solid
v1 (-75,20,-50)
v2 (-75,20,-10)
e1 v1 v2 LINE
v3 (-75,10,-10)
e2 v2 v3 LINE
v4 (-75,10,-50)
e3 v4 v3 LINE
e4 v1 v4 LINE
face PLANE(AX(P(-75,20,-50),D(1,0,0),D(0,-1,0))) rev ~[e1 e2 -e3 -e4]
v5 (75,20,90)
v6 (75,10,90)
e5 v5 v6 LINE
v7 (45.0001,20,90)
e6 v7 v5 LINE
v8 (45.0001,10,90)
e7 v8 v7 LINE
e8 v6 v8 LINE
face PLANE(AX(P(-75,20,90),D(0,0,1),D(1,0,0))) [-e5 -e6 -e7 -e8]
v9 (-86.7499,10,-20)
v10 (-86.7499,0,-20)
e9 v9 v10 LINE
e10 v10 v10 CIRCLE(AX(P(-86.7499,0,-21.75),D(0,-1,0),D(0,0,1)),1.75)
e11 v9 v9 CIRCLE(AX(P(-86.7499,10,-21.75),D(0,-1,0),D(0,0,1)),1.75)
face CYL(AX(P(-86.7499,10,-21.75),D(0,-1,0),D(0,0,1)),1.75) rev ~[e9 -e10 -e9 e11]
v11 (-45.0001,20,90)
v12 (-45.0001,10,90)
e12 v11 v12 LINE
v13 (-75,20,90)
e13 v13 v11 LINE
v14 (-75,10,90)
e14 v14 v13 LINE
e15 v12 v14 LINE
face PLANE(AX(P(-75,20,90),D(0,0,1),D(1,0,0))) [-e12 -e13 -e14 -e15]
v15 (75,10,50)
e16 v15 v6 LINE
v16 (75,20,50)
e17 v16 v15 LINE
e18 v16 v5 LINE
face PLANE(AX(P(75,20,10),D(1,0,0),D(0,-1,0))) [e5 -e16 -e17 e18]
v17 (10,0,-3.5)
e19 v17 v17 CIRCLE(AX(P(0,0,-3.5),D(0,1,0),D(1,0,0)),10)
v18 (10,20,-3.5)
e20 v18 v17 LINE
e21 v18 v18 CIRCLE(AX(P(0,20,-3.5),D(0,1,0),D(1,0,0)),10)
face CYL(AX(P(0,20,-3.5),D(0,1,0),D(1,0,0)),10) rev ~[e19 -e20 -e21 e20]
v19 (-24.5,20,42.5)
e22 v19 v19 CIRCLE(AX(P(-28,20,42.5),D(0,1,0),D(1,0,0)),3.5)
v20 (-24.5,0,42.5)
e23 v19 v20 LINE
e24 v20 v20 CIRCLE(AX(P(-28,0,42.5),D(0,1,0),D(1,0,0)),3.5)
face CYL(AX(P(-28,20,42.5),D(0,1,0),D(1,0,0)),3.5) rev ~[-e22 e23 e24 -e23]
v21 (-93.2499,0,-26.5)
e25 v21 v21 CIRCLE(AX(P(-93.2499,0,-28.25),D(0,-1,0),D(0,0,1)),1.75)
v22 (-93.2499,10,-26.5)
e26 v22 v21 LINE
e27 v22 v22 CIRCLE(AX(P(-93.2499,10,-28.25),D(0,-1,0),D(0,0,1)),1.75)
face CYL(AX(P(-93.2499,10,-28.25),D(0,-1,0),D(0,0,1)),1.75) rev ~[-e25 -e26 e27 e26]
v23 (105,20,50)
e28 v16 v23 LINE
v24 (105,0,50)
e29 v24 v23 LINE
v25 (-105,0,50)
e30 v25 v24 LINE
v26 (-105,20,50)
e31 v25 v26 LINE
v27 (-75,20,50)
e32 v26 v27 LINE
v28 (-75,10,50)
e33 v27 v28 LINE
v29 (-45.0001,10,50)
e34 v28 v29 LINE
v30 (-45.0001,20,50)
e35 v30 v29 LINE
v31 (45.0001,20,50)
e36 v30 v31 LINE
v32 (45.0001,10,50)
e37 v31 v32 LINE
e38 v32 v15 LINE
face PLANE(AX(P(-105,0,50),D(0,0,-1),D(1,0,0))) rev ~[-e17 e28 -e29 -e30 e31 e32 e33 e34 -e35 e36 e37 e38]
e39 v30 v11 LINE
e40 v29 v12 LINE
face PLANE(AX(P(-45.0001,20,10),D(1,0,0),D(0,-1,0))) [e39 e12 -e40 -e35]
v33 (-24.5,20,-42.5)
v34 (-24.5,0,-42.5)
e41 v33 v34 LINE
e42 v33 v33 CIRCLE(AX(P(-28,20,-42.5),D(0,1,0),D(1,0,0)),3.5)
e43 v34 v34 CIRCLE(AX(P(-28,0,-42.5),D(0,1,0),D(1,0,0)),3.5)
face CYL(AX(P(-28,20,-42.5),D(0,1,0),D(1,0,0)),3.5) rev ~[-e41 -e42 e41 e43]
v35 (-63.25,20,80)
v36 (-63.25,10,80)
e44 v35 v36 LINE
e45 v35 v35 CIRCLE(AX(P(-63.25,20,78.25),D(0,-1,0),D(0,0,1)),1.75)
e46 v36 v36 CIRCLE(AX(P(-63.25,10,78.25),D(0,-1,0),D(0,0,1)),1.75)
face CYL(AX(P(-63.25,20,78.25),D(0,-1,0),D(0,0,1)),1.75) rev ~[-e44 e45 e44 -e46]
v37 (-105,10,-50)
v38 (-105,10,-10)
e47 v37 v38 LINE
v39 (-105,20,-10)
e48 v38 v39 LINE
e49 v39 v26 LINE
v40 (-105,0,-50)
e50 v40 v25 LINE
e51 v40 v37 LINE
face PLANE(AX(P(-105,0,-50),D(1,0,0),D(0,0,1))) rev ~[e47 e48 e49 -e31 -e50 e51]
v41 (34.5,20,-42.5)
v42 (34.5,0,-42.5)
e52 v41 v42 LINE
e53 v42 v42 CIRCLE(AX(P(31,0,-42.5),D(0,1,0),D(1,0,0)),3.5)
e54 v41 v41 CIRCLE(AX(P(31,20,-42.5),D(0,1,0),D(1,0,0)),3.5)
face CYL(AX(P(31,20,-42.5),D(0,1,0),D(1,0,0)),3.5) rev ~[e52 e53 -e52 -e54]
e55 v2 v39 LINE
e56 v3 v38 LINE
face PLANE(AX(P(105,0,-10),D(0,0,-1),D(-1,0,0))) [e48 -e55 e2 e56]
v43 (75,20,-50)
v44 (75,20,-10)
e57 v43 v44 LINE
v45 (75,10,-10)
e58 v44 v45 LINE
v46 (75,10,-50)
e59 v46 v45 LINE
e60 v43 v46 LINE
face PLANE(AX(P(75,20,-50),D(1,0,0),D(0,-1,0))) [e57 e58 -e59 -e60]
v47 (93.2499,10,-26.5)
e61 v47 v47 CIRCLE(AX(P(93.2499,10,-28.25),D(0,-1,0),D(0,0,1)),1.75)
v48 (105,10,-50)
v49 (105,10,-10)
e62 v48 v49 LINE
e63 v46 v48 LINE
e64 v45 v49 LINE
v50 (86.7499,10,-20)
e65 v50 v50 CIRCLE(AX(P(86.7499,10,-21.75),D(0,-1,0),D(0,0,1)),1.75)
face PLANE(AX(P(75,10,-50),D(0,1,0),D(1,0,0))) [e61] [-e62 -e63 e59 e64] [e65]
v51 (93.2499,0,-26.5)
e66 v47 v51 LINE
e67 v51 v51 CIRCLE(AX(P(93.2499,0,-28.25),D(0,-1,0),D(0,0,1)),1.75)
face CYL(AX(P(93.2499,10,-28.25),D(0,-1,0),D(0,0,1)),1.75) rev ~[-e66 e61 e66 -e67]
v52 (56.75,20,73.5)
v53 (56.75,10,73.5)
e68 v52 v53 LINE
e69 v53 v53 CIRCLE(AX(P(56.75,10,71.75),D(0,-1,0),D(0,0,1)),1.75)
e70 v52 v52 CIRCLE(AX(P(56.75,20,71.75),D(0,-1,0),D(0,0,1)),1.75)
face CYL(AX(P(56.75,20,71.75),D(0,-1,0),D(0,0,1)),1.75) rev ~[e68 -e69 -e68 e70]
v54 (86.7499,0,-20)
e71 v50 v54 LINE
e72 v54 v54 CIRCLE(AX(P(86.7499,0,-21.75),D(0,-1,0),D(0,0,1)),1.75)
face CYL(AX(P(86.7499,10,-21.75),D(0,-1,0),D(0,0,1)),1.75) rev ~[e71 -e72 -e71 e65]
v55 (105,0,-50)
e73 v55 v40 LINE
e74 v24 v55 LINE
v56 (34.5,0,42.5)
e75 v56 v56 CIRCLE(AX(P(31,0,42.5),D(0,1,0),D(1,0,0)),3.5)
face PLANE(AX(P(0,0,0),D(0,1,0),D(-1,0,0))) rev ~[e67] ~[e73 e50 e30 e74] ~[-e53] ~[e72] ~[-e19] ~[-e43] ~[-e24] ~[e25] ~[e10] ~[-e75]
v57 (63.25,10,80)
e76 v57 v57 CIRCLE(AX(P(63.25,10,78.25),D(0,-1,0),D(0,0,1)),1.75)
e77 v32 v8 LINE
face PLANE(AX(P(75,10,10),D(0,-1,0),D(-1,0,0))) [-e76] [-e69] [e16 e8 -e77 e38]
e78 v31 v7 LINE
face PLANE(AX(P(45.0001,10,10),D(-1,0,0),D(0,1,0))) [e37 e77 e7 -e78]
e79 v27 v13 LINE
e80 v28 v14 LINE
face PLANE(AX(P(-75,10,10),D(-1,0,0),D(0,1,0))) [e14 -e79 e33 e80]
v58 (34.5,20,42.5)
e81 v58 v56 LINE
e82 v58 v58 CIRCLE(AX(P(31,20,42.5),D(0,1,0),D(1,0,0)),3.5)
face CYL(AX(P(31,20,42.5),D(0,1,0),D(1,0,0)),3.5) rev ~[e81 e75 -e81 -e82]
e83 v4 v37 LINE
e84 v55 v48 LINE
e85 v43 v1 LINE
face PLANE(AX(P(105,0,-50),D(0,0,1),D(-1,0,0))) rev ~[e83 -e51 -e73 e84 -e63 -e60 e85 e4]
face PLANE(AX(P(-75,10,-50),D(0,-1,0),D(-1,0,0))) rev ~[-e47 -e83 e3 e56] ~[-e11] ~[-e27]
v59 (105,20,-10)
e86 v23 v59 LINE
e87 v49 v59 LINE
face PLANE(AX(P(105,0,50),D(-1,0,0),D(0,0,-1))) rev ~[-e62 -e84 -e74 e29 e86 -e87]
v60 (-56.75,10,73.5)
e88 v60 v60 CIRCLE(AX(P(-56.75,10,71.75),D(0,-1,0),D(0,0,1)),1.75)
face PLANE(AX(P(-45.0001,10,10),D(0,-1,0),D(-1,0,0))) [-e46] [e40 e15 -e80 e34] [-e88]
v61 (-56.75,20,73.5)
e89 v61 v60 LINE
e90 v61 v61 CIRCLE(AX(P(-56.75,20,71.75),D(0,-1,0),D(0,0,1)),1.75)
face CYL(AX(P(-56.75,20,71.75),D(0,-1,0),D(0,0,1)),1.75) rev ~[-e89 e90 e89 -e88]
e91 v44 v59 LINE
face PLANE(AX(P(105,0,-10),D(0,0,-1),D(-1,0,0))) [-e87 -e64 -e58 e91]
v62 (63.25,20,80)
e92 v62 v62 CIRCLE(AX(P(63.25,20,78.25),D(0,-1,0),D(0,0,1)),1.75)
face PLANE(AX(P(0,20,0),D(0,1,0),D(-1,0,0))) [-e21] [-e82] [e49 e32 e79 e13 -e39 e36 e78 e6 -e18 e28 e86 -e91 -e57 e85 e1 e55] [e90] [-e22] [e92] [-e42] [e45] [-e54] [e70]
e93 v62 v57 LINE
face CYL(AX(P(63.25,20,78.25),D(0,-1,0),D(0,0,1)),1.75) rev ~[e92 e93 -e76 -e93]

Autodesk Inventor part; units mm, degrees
ref_plane "YZ Plane" through (0, 0, 0) normal (1, 0, 0) x (0, 1, 0)
ref_plane "XZ Plane" through (0, 0, 0) normal (0, 1, 0) x (-1, 0, 0)
ref_plane "XY Plane" through (0, 0, 0) normal (0, 0, 1) x (1, 0, 0)
sketch "Boceto1" plane through (0, 0, 0) normal (0, 1, 0) x (-1, 0, 0)
  line L0 (105, 50) -> (-105, 50)
  line L1 (-105, 50) -> (-105, -50)
  line L2 (-105, -50) -> (105, -50)
  line L3 (105, -50) -> (105, 50)
  line L4 (105, 50) -> (-105, -50) construction
  line L5 (-105, 50) -> (105, -50) construction
  point P0 (0, 0)
  dimension "d0" = 210
  dimension "d1" = 100
extrude "Extrusión1" add sketch "Boceto1" along normal blind 20
sketch "Boceto2" plane through (0, 20, 0) normal (0, 1, 0) x (1, 0, 0)
  circle A0 centre (0, 3.5) radius 10
  circle A1 centre (31, -42.5) radius 3.5
  line L0 (0, 3.5) -> (21.5607, 3.5)
  circle A2 centre (31, 42.5) radius 3.5
  circle A3 centre (-28, 42.5) radius 3.5
  circle A4 centre (-28, -42.5) radius 3.5
  line L1 (105, 50) -> (-105, 50) projected
  point P0 (0, 0)
  dimension "d4" = 7
  dimension "d5" = 7
  dimension "d6" = 7
  dimension "d7" = 39
  dimension "d8" = 46
  dimension "d9" = 59
  dimension "d10" = 46
  dimension "d11" = 39
  dimension "d12" = 59
  dimension "d13" = 7.5
extrude "Extrusión2" cut sketch "Boceto2" against normal blind 20
sketch "Boceto3" plane through (0, 20, 0) normal (0, 1, 0) x (1, 0, 0)
  line L0 (-105, -50) -> (105, -50) projected
  line L1 (-45.0001, -10) -> (-45.0001, -50)
  line L2 (-75, -10) -> (-45.0001, -10)
  line L3 (-75, -50) -> (-75, -10)
  line L4 (-65, -50) -> (-75, -50)
  line L5 (-45.0001, -50) -> (-75, -50)
  line L6 (-55, -50.0503) -> (-45.0001, -50)
  line L7 (105, -50) -> (-105, -50)
  line L8 (55, -50.0503) -> (45.0001, -50)
  line L9 (65, -50) -> (75, -50)
  line L10 (-105, -50) -> (105, -50)
  line L11 (0, -50) -> (0, -28.25)
  line L12 (45.0001, -10) -> (45.0001, -50)
  line L13 (45.0001, -50) -> (75, -50)
  line L14 (75, -50) -> (75, -10)
  line L15 (75, -10) -> (45.0001, -10)
  point P0 (0, 0)
extrude "Extrusión3" cut sketch "Boceto3" against normal blind 10
sketch "Boceto4" plane through (-75, 20, 10) normal (0, 0, 1) x (1, 0, 0)
  line L0 (0, -10) -> (0, 0) projected
  line L1 (29.9999, -10) -> (0, -10) projected
  line L2 (0, 0) -> (29.9999, 0)
  line L3 (29.9999, 0) -> (29.9999, -10)
  line L4 (29.9999, -10) -> (0, -10)
  line L5 (0, -10) -> (0, 0)
  line L6 (120.0001, -10) -> (120.0001, 0) projected
  line L7 (150, -10) -> (120.0001, -10) projected
  line L8 (120.0001, 0) -> (150, 0)
  line L9 (150, 0) -> (150, -10)
  line L10 (150, -10) -> (120.0001, -10)
  line L11 (120.0001, -10) -> (120.0001, 0)
  point P0 (75, -20)
extrude "Extrusión4" add sketch "Boceto4" along normal blind 80
sketch "Boceto5" plane through (0, 20, 0) normal (0, 1, 0) x (1, 0, 0)
  circle A0 centre (56.75, -71.75) radius 1.75
  line L0 (55, -71.75) -> (55, -49.9497)
  circle A1 centre (63.25, -78.25) radius 1.75
  line L1 (65, -78.25) -> (65, -50)
  line L2 (55, -49.9497) -> (45.0001, -50)
  line L3 (65, -50) -> (75, -50)
  line L4 (45.0001, -50) -> (75, -50)
  line L5 (75, -50) -> (75, -90)
  line L6 (75, -90) -> (45.0001, -90)
  line L7 (45.0001, -90) -> (45.0001, -50)
  line L8 (0, -50) -> (0, -71.75)
  circle A2 centre (-56.75, -71.75) radius 1.75
  line L9 (-55, -71.75) -> (-55, -49.9497)
  circle A3 centre (-63.25, -78.25) radius 1.75
  line L10 (-65, -78.25) -> (-65, -50)
  line L11 (-45.0001, -50) -> (-75, -50)
  line L12 (-75, -50) -> (-75, -90)
  line L13 (-75, -90) -> (-45.0001, -90)
  line L14 (-45.0001, -90) -> (-45.0001, -50)
  line L15 (-45.0001, -90) -> (-75, -90) projected
  line L16 (-75, -50) -> (-75, -90) projected
  line L17 (-75, -20) -> (-51.4571, -20)
  line L18 (-45.0001, 50) -> (-45.0001, 10)
  line L19 (-45.0001, 10) -> (-15.0003, 10)
  line L20 (-35.0003, 31.75) -> (-35.0003, 9.9497)
  circle A4 centre (-33.2503, 31.75) radius 1.75
  line L21 (-25.0003, 38.25) -> (-25.0003, 10)
  circle A5 centre (-26.7503, 38.25) radius 1.75
  line L22 (-15.0003, 10) -> (-15.0003, 50)
  line L23 (-15.0003, 10) -> (-15.0003, 50)
  line L24 (-45.0001, 50) -> (-15.0003, 50)
  line L25 (-15.0003, 50) -> (-45.0001, 50)
  line L26 (-45.0001, 30) -> (-65.9082, 30)
  point P0 (0, 0)
  point P1 (105, 90)
  point P2 (105, 90)
  point P3 (63.25, -61.75)
  point P4 (56.75, -68.25)
  point P5 (-56.75, -68.25)
  point P6 (-63.25, -61.75)
  point P7 (105, 50)
  point P8 (-105, 50)
  point P9 (-33.2503, 28.25)
  point P10 (-26.7503, 21.75)
  dimension "d41" = 3.5
  dimension "d42" = 3.5
  dimension "d33" = 10
  dimension "d34" = 10
  dimension "d35" = 40
  dimension "d36" = 0
  dimension "d37" = 6.5
  dimension "d38" = 6.5
  dimension "d43" = 11.7499
  dimension "d44" = 11.75
hole "Agujero1" at (-56.75, 20, 71.75) at (-63.25, 20, 78.25) at (56.75, 20, 71.75) at (63.25, 20, 78.25) direction (0, -1, 0) diameter 3.5 end through all
sketch "Boceto6" plane through (105, 0, -50) normal (0, 0, -1) x (-1, 0, 0)
  line L0 (30, 20) -> (30, 10)
  line L1 (0, 0) -> (0, 20) projected
  line L2 (30, 20) -> (0, 20) projected
  line L3 (0, 20) -> (30, 20)
  line L4 (30, 20) -> (30, 10)
  line L5 (30, 10) -> (0, 10)
  line L6 (0, 10) -> (0, 20)
  line L7 (150.0001, 20) -> (59.9999, 20) projected
  line L8 (105, 20) -> (105, 8.0079)
  line L9 (180, 20) -> (180, 10)
  line L10 (210, 0) -> (210, 20)
  line L11 (180, 20) -> (210, 20)
  line L12 (210, 20) -> (180, 20)
  line L13 (180, 20) -> (180, 10)
  line L14 (180, 10) -> (210, 10)
  line L15 (210, 10) -> (210, 20)
  point P0 (105, 0)
  dimension "d70" = 30
  dimension "d71" = 30
extrude "Extrusión6" cut sketch "Boceto6" against normal blind 40
sketch "Boceto8" plane through (-105, 10, -50) normal (0, 1, 0) x (1, 0, 0)
  line L0 (0.0001, 0) -> (0.0001, -40)
  line L1 (30, -40) -> (30, 0)
  line L2 (-55.1959, 0.0503) -> (30, 0)
  line L3 (30, 0) -> (0.0001, 0)
  line L4 (0.0001, -40) -> (30, -40)
  line L5 (-64.3507, 0) -> (-74.3507, 0)
  circle A0 centre (18.2501, -28.25) radius 1.75
  circle A1 centre (11.7501, -21.75) radius 1.75
  line L6 (30, 0) -> (75.0001, 0)
  line L7 (180, 0) -> (30, 0) projected
  line L8 (30, 0) -> (30, -40) projected
  line L9 (210, 0) -> (0, 0) projected
  line L10 (105, 0) -> (105, -23.5)
  circle A2 centre (191.7499, -28.25) radius 1.75
  circle A3 centre (198.2499, -21.75) radius 1.75
  point P0 (105, -50)
  point P1 (18.2501, -21.75)
  point P2 (-63.4459, -118.25)
  point P3 (52.5001, 0)
  point P4 (191.7499, -21.75)
  dimension "d73" = 11.7499
  dimension "d74" = 40
  dimension "d75" = 29.9999
  dimension "d76" = 21.75
  dimension "d77" = 11.75
  dimension "d78" = 28.3003
  dimension "d79" = 11.7499
  dimension "d80" = 0
  dimension "d81" = 0
hole "Agujero3" at (-93.2499, 10, -28.25) at (-86.7499, 10, -21.75) at (86.7499, 10, -21.75) at (93.2499, 10, -28.25) direction (0, -1, 0) diameter 3.5 end through all
properties part number "base_mid"
